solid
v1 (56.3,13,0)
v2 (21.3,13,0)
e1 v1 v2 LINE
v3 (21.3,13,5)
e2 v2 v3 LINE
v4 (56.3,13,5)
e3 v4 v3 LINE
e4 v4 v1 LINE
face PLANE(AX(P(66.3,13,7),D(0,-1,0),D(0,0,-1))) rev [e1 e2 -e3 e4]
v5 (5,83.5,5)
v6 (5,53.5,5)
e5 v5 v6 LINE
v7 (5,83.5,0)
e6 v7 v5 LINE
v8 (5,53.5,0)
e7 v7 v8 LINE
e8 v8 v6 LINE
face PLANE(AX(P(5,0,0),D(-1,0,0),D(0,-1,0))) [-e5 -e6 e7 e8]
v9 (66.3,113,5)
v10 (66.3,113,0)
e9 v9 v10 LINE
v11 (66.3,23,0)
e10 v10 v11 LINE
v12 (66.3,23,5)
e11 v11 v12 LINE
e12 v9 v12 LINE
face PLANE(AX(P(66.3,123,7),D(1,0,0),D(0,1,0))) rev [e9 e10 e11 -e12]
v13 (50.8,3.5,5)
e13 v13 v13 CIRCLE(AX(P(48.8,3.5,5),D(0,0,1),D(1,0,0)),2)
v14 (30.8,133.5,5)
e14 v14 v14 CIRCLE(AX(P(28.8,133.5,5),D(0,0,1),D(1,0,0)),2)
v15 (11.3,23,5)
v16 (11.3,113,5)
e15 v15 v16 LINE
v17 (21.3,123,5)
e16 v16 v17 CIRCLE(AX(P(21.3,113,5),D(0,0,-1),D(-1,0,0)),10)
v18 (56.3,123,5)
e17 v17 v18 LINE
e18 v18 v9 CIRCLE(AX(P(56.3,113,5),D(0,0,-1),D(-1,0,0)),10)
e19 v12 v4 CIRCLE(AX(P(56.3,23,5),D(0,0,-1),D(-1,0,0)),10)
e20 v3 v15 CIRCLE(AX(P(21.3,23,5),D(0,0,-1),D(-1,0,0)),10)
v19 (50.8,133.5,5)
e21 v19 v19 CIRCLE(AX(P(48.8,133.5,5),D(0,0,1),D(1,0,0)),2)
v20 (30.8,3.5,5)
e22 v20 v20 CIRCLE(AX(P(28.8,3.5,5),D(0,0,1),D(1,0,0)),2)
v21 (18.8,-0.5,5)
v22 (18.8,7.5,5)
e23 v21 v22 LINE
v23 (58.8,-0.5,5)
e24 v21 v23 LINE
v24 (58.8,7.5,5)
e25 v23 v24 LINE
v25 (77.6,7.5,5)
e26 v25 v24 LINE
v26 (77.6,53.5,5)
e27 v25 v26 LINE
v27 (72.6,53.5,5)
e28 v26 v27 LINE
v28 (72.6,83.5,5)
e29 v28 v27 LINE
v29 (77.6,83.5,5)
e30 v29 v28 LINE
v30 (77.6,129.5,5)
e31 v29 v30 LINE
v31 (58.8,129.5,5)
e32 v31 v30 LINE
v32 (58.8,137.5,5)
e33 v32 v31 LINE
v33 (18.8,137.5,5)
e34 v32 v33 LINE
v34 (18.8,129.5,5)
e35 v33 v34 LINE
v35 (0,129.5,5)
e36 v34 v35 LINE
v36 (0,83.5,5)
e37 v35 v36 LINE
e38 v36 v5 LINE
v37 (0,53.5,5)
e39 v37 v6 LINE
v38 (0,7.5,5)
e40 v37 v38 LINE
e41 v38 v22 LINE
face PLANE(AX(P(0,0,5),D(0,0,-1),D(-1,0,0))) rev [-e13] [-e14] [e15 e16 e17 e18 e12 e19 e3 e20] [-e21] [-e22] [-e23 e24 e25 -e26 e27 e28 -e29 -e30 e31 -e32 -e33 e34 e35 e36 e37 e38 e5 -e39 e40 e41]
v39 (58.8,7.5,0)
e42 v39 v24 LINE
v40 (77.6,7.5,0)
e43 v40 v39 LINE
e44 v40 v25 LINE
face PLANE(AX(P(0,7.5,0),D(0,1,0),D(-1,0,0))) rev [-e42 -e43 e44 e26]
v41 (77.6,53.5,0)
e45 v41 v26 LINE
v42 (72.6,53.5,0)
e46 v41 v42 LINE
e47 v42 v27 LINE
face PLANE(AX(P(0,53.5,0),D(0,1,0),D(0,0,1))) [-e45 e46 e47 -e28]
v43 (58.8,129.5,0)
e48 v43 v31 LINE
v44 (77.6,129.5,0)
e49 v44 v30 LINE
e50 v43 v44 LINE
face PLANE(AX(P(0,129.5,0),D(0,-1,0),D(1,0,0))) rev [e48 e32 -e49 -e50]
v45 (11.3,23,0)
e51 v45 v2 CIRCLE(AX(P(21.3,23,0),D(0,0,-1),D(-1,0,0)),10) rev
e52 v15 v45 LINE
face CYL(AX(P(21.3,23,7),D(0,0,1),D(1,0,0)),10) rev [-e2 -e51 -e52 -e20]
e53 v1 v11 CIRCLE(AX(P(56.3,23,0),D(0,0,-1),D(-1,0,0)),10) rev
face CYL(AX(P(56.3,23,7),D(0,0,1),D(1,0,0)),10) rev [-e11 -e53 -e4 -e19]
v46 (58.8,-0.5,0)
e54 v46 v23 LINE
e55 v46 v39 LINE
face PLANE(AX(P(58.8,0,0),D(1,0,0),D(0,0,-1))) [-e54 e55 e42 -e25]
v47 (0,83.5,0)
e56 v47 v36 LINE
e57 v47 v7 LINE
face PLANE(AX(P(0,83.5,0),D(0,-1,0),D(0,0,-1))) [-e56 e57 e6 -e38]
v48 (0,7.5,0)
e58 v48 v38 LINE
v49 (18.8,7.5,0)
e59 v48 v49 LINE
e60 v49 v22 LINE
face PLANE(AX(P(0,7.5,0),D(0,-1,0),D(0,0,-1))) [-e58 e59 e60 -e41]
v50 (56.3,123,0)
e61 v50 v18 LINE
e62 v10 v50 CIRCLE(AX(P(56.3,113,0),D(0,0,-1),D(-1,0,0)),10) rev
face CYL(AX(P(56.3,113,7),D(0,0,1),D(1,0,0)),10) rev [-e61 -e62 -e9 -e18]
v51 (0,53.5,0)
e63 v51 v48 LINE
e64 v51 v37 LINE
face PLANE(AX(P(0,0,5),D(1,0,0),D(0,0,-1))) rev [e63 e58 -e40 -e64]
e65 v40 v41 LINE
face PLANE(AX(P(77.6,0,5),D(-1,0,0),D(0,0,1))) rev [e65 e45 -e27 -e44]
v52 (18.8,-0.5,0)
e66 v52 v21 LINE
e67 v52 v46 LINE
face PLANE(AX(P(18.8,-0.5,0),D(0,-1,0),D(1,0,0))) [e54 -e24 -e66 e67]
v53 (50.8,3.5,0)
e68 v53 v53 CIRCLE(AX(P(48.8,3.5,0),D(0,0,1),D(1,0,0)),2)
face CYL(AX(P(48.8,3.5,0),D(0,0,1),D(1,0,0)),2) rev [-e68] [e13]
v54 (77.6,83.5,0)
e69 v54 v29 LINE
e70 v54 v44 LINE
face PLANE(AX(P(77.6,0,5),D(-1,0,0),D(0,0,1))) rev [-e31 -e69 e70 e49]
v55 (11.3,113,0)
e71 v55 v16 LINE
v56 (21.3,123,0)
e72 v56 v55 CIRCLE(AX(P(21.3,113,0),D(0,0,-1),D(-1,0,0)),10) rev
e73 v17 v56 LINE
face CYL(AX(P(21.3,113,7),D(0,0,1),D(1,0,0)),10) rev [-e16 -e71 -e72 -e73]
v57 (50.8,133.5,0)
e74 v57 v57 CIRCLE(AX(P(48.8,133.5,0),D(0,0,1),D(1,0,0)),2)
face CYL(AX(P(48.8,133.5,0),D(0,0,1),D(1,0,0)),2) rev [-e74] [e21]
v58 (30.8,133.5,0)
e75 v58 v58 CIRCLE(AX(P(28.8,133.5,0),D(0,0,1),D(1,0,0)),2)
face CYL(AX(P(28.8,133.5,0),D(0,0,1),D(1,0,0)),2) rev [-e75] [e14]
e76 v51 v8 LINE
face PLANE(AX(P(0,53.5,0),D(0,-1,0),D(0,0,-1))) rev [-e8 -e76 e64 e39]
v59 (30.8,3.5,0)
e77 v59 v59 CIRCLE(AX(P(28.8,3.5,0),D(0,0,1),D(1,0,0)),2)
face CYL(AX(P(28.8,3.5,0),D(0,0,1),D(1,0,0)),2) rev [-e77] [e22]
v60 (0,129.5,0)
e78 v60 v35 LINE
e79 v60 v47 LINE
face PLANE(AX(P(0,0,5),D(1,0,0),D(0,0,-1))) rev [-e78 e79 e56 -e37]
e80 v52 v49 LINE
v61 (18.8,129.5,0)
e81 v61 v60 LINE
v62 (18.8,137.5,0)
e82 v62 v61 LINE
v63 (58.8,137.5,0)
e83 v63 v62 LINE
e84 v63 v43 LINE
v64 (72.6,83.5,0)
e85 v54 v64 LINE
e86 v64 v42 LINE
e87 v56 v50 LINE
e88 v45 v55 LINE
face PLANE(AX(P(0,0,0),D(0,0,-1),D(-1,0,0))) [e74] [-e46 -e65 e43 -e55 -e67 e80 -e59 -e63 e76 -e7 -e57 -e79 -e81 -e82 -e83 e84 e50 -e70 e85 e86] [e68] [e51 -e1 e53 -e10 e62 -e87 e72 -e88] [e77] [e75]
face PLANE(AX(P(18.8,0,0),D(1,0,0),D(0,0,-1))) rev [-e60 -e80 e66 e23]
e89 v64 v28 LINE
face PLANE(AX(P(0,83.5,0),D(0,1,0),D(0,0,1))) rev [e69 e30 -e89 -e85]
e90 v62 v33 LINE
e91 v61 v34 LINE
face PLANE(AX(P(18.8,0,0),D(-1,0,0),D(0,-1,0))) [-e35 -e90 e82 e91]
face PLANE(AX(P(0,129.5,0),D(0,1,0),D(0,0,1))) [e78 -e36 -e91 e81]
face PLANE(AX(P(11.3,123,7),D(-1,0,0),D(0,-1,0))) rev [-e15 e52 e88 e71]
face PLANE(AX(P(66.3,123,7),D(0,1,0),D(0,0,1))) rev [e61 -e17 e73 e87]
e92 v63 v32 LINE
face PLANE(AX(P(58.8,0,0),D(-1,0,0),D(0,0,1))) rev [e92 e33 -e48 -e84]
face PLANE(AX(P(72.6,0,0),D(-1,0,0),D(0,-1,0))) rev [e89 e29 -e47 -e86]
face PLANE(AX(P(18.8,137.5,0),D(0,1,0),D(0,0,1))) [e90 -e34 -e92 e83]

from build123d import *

# Parameters (mm, degrees)
SKETCH_1_W          = 77.6
SKETCH_1_H          = 137
EXTRUDE_1_DEPTH     = 5
SKETCH_3_W          = 18.8
SKETCH_3_H          = 7.5
SKETCH_3_W_2        = 5
SKETCH_3_H_2        = 30
CUT_EXTRUDE_1_DEPTH = 5
SKETCH_4_R          = 2
CUT_EXTRUDE_2_DEPTH = 5
SKETCH_5_W          = 55
SKETCH_5_H          = 110
CUT_EXTRUDE_3_DEPTH = 7
FILLET_1_R          = 10
SKETCH_7_W          = 40
SKETCH_7_H          = 0.5
EXTRUDE_2_DEPTH     = 5


with BuildPart() as part:
    # 草图1 → 凸台-拉伸1 (new body)
    with BuildSketch(Plane.XY):
        with Locations((38.8, 68.5)):
            Rectangle(SKETCH_1_W, SKETCH_1_H)
    extrude(amount=EXTRUDE_1_DEPTH)

    # 草图3 → 切除-拉伸1 (cut)
    with BuildSketch(Plane.XY.offset(5)):
        with Locations((9.4, 133.25)):
            Rectangle(SKETCH_3_W, SKETCH_3_H)
        with Locations((9.4, 3.75)):
            Rectangle(SKETCH_3_W, SKETCH_3_H)
        with Locations((68.2, 3.75)):
            Rectangle(SKETCH_3_W, SKETCH_3_H)
        with Locations((68.2, 133.25)):
            Rectangle(SKETCH_3_W, SKETCH_3_H)
        with Locations((75.1, 68.5)):
            Rectangle(SKETCH_3_W_2, SKETCH_3_H_2)
        with Locations((2.5, 68.5)):
            Rectangle(SKETCH_3_W_2, SKETCH_3_H_2)
    extrude(amount=-CUT_EXTRUDE_1_DEPTH, mode=Mode.SUBTRACT)

    # 草图4 → 切除-拉伸2 (cut)
    with BuildSketch(Plane.XY.offset(5)):
        with Locations((28.8, 133.5)):
            Circle(SKETCH_4_R)
        with Locations((48.8, 133.5)):
            Circle(SKETCH_4_R)
        with Locations((28.8, 3.5)):
            Circle(SKETCH_4_R)
        with Locations((48.8, 3.5)):
            Circle(SKETCH_4_R)
    extrude(amount=-CUT_EXTRUDE_2_DEPTH, mode=Mode.SUBTRACT)

    # 草图5 → 切除-拉伸3 (cut)
    with BuildSketch(Plane(origin=(0, 0, 0), x_dir=(-1, 0, 0), z_dir=(0, 0, -1))):
        with Locations((-38.8, 68)):
            Rectangle(SKETCH_5_W, SKETCH_5_H)
    extrude(amount=-CUT_EXTRUDE_3_DEPTH, mode=Mode.SUBTRACT)

    # 圆角1
    fillet_1_edges = [part.edges().sort_by_distance(p)[0] for p in [
        (66.3, 13, 2.5),
        (66.3, 123, 2.5),
        (11.3, 123, 2.5),
        (11.3, 13, 2.5),
    ]]
    fillet(fillet_1_edges, radius=FILLET_1_R)

    # 草图7 → 凸台-拉伸2 (add)
    with BuildSketch(Plane.XY.offset(5)):
        with Locations((38.8, 137.25)):
            Rectangle(SKETCH_7_W, SKETCH_7_H)
        with Locations((38.8, -0.25)):
            Rectangle(SKETCH_7_W, SKETCH_7_H)
    extrude(amount=-EXTRUDE_2_DEPTH)


solid = part.part
